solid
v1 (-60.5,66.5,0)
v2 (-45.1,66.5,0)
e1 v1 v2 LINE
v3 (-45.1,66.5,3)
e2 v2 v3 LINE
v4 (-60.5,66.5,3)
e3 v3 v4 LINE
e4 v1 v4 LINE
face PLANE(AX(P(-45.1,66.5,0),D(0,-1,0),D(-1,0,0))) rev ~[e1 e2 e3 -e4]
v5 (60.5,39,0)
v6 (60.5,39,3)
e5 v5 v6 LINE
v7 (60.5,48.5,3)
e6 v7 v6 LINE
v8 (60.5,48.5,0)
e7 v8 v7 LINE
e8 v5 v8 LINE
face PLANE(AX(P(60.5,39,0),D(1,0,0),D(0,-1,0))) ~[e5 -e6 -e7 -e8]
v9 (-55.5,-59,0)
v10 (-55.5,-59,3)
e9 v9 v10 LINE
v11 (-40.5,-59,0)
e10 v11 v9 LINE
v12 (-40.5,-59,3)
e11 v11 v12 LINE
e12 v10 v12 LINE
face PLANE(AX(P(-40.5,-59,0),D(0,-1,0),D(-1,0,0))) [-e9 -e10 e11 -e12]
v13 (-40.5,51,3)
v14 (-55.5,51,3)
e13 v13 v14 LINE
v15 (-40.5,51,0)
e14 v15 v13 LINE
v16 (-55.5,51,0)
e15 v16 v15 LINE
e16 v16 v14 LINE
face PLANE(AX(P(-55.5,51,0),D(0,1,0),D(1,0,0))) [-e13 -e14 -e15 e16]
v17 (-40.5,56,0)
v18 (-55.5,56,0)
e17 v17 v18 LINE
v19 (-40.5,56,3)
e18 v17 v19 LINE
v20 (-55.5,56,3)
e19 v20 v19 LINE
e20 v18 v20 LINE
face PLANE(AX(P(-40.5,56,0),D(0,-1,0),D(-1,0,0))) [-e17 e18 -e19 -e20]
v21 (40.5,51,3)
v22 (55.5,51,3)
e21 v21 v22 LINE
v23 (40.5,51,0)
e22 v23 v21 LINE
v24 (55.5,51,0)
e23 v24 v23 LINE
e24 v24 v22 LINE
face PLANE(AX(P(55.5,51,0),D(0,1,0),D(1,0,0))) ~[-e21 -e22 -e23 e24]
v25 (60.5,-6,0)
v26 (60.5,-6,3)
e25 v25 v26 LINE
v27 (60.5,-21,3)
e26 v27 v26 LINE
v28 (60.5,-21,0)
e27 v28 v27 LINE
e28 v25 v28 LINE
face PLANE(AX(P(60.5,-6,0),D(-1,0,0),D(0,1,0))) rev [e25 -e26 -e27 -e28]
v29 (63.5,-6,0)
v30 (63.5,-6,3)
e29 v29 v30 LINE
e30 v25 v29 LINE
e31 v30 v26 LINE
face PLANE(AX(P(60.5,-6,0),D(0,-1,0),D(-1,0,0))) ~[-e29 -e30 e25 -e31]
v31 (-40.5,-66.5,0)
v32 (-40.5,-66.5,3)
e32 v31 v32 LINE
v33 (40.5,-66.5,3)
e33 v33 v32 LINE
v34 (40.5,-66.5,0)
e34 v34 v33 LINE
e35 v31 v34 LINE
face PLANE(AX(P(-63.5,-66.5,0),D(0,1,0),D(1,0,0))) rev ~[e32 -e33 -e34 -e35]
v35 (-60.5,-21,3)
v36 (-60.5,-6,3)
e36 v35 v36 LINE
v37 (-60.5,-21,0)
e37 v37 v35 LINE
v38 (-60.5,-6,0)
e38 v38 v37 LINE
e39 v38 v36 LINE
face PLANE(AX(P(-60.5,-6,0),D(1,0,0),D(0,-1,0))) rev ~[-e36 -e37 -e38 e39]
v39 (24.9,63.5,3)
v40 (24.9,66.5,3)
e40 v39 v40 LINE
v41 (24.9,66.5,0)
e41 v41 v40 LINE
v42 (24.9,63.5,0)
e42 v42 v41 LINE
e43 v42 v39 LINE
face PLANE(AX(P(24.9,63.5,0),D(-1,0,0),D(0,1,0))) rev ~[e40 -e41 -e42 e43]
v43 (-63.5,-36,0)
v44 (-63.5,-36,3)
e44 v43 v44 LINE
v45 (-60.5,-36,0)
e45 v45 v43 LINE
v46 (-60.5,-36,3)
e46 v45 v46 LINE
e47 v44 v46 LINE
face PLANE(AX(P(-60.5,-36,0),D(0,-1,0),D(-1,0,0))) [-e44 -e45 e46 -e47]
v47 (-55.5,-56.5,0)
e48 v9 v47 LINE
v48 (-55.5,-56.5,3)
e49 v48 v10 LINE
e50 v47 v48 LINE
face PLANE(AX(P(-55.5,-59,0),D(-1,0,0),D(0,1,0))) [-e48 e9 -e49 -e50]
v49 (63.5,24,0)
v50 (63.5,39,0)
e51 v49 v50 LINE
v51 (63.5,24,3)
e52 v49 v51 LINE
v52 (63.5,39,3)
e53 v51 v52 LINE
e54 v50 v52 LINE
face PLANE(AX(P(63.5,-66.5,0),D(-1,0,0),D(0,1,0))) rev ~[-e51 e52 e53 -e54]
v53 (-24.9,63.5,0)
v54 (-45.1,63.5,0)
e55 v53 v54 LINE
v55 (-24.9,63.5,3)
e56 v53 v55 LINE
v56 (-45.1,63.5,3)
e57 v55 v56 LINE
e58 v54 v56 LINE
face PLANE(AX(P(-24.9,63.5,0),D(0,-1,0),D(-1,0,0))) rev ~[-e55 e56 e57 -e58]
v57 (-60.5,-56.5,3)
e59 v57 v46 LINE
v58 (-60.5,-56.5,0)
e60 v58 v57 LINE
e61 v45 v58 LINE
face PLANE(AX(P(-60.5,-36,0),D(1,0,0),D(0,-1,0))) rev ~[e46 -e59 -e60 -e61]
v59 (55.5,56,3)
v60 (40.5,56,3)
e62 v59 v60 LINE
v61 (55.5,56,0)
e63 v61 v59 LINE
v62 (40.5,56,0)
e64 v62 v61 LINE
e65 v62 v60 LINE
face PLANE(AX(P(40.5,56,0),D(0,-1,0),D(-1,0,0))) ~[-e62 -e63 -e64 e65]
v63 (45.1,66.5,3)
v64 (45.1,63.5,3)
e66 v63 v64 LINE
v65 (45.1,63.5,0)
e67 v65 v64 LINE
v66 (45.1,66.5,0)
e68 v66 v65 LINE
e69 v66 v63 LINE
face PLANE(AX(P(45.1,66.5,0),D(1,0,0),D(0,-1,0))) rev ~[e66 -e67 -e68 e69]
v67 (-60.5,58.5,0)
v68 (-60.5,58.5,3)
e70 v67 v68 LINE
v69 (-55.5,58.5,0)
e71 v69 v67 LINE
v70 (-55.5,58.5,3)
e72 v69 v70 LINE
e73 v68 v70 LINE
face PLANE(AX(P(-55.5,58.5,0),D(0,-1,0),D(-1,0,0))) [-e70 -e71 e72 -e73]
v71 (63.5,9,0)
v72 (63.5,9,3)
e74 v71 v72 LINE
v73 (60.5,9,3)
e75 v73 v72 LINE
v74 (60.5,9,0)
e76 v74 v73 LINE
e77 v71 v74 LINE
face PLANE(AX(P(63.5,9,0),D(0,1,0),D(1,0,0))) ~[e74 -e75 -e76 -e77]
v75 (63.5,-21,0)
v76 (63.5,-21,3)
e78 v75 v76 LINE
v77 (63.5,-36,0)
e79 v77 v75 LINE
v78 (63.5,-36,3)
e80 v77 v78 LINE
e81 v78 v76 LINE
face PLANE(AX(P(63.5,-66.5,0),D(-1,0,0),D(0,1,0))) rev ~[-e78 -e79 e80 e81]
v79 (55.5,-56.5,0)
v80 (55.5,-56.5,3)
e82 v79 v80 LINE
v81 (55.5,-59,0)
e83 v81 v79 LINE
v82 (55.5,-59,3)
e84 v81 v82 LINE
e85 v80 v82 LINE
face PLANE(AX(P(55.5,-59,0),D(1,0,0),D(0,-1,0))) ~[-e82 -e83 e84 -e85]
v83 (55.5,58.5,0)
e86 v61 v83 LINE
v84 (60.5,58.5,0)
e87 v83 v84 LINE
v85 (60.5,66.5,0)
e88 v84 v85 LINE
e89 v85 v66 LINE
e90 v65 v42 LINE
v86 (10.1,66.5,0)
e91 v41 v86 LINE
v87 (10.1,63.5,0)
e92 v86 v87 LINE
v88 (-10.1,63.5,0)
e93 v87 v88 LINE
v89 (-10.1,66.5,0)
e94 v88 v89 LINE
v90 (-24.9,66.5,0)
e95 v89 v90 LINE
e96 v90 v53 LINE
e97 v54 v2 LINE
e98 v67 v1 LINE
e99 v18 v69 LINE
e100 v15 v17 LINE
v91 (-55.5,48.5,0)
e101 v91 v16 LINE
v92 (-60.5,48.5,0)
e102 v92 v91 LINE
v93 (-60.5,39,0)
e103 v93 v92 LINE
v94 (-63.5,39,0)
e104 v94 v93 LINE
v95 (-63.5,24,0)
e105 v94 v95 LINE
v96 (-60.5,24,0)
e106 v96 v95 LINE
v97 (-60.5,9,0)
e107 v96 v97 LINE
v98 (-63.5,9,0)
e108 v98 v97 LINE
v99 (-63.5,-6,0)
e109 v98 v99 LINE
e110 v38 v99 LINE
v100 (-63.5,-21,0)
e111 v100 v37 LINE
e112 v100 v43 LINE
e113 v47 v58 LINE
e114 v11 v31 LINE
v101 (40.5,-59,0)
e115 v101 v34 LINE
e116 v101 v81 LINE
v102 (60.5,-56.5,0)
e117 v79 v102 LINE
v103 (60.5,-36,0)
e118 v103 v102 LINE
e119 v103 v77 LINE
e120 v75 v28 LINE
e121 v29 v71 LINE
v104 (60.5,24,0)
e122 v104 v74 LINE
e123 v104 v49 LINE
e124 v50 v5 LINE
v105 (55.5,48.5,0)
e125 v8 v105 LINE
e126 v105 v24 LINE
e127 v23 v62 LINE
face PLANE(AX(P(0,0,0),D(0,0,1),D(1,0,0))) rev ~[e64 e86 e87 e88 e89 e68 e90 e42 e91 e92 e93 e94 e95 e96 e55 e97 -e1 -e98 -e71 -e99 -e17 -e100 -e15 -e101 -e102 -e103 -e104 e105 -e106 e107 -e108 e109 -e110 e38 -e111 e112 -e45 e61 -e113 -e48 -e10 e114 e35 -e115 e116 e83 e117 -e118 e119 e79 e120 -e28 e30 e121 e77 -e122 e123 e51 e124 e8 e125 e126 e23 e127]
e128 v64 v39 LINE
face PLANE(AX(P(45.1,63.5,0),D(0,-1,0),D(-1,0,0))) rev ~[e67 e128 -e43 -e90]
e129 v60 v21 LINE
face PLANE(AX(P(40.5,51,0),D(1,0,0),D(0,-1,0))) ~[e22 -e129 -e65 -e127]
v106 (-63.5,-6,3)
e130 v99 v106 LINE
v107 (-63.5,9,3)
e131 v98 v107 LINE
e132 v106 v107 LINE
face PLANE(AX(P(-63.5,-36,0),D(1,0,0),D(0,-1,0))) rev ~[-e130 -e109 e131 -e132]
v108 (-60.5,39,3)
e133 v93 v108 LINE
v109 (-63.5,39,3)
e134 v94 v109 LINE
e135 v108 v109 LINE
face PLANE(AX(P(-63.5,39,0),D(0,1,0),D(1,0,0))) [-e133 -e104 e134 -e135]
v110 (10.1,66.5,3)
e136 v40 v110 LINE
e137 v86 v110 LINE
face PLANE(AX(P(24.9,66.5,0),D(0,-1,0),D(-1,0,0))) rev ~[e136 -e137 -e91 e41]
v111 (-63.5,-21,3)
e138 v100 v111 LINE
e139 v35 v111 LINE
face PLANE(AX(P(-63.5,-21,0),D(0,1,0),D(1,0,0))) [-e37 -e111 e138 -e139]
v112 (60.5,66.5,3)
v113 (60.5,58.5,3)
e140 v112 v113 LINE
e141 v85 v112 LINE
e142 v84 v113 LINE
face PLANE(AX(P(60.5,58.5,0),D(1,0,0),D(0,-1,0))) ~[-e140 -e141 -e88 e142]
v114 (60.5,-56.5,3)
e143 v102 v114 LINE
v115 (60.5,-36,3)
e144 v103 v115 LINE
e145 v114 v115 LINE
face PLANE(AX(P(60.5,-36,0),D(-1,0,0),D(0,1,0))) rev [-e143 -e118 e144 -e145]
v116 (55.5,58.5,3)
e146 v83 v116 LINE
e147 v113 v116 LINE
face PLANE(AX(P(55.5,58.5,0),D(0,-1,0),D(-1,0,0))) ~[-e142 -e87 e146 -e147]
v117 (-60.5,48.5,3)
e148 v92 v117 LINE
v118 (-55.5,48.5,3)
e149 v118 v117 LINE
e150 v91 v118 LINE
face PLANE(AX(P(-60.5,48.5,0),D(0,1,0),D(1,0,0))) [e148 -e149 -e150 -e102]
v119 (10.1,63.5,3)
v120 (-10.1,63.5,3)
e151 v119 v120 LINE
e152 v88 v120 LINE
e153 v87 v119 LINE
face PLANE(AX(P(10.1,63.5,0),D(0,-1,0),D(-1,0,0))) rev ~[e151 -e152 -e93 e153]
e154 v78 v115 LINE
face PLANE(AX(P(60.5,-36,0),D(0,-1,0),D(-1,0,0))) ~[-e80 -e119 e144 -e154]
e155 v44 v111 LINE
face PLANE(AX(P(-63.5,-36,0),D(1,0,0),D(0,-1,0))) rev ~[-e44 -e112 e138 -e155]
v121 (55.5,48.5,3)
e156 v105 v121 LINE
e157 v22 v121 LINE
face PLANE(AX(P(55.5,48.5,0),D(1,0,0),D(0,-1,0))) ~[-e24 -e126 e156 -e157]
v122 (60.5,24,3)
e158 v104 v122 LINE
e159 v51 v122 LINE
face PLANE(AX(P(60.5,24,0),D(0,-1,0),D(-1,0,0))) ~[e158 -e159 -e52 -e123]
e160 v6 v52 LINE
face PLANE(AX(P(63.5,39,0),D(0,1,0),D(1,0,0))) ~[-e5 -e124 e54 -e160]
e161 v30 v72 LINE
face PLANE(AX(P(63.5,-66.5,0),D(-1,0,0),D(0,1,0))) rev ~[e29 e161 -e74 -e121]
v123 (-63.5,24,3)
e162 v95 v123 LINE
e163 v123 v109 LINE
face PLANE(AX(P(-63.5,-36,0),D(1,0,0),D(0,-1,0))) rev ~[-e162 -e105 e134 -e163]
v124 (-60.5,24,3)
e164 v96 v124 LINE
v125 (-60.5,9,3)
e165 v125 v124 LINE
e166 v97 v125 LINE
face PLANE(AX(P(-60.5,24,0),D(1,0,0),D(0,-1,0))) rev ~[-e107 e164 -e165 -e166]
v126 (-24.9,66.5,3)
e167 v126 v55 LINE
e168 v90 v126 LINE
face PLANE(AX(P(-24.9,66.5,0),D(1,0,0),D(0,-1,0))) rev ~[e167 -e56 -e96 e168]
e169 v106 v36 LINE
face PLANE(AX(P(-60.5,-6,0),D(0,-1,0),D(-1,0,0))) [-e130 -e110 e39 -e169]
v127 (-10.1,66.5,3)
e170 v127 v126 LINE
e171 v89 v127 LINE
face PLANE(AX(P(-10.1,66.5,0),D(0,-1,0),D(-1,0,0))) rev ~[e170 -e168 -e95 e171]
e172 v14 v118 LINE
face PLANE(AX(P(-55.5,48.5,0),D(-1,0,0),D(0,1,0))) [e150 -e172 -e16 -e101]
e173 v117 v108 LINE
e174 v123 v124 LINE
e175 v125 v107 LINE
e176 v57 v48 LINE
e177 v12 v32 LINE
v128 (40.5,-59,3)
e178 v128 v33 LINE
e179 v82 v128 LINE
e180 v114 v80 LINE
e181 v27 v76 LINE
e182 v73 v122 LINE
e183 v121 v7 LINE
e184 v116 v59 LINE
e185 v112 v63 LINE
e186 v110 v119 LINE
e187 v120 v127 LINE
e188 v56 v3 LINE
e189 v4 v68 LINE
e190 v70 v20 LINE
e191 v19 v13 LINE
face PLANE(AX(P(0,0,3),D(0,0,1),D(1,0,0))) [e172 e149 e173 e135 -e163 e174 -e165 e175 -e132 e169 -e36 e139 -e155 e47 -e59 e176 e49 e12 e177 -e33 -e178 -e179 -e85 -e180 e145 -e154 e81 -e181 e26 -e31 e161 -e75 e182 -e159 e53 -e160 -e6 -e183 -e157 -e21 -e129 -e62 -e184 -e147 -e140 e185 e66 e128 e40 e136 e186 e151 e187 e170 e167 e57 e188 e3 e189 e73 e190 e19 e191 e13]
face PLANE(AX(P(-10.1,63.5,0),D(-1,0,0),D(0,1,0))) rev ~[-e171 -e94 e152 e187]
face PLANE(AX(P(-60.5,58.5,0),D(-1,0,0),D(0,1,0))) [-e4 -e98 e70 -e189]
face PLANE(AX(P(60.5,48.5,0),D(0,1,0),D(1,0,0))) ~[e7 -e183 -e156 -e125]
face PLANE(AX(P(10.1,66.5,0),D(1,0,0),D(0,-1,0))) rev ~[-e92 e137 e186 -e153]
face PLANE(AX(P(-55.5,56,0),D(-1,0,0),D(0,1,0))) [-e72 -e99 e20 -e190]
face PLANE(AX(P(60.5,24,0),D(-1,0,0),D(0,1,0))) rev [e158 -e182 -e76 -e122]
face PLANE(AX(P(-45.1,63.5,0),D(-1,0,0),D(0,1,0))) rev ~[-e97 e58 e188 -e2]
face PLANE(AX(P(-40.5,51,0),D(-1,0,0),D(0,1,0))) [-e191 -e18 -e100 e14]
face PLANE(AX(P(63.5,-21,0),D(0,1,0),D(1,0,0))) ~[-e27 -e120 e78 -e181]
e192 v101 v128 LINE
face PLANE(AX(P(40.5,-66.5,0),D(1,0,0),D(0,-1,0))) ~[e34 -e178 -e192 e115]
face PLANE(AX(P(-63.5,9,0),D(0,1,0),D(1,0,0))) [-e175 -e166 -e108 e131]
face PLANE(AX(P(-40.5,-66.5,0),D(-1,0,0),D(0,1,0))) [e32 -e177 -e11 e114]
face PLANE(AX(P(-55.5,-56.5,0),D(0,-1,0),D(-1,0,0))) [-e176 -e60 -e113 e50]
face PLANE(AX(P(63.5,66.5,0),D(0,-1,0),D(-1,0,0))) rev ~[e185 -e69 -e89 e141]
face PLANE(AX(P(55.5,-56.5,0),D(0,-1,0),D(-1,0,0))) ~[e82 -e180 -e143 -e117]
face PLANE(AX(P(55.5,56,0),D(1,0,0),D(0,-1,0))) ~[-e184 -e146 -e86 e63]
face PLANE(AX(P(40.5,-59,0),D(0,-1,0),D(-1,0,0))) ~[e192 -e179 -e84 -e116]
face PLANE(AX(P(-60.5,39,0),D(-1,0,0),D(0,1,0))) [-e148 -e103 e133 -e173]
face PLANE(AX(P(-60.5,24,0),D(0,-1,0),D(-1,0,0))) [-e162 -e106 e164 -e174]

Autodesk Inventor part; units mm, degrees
ref_plane "YZ Plane" through (0, 0, 0) normal (1, 0, 0) x (0, 1, 0)
ref_plane "XZ Plane" through (0, 0, 0) normal (0, 1, 0) x (-1, 0, 0)
ref_plane "XY Plane" through (0, 0, 0) normal (0, 0, 1) x (1, 0, 0)
sketch "Sketch1" plane through (0, 0, 0) normal (0, 0, 1) x (1, 0, 0)
  line L0 (-63.5, -66.5) -> (63.5, -66.5)
  line L1 (63.5, -66.5) -> (63.5, 66.5)
  line L2 (63.5, 66.5) -> (-63.5, 66.5)
  line L3 (-63.5, 66.5) -> (-63.5, -66.5)
  line L4 (-63.5, -66.5) -> (63.5, 66.5) construction
  line L5 (63.5, -66.5) -> (-63.5, 66.5) construction
  line L6 (-45.1, 66.5) -> (-24.9, 66.5)
  line L7 (-24.9, 66.5) -> (-24.9, 63.5)
  line L8 (-24.9, 63.5) -> (-45.1, 63.5)
  line L9 (-45.1, 63.5) -> (-45.1, 66.5)
  line L10 (-45.1, 66.5) -> (-24.9, 63.5) construction
  line L11 (-24.9, 66.5) -> (-45.1, 63.5) construction
  line L12 (-10.1, 66.5) -> (10.1, 66.5)
  line L13 (10.1, 66.5) -> (10.1, 63.5)
  line L14 (10.1, 63.5) -> (-10.1, 63.5)
  line L15 (-10.1, 63.5) -> (-10.1, 66.5)
  line L16 (-10.1, 66.5) -> (10.1, 63.5) construction
  line L17 (10.1, 66.5) -> (-10.1, 63.5) construction
  line L18 (24.9, 66.5) -> (45.1, 66.5)
  line L19 (45.1, 66.5) -> (45.1, 63.5)
  line L20 (45.1, 63.5) -> (24.9, 63.5)
  line L21 (24.9, 63.5) -> (24.9, 66.5)
  line L22 (24.9, 66.5) -> (45.1, 63.5) construction
  line L23 (45.1, 66.5) -> (24.9, 63.5) construction
  line L24 (-63.5, 39) -> (-60.5, 39)
  line L25 (-60.5, 39) -> (-60.5, 24) construction
  line L26 (-60.5, 24) -> (-63.5, 24)
  line L27 (-63.5, 24) -> (-63.5, 39)
  line L28 (-63.5, 39) -> (-60.5, 24) construction
  line L29 (-60.5, 39) -> (-63.5, 24) construction
  line L30 (-63.5, 9) -> (-60.5, 9)
  line L31 (-60.5, 9) -> (-60.5, -6) construction
  line L32 (-60.5, -6) -> (-63.5, -6)
  line L33 (-63.5, -6) -> (-63.5, 9)
  line L34 (-63.5, 9) -> (-60.5, -6) construction
  line L35 (-60.5, 9) -> (-63.5, -6) construction
  line L36 (-63.5, -21) -> (-60.5, -21)
  line L37 (-60.5, -21) -> (-60.5, -36) construction
  line L38 (-60.5, -36) -> (-63.5, -36)
  line L39 (-63.5, -36) -> (-63.5, -21)
  line L40 (-63.5, -21) -> (-60.5, -36) construction
  line L41 (-60.5, -21) -> (-63.5, -36) construction
  line L42 (-60.5, 39) -> (-60.5, 66.5)
  line L43 (-60.5, 24) -> (-60.5, 9)
  line L44 (-60.5, -6) -> (-60.5, -21)
  line L45 (-60.5, 51) -> (-40.5, 51)
  line L46 (-40.5, 51) -> (-40.5, 56)
  line L47 (-40.5, 56) -> (-60.5, 56)
  line L48 (-60.5, 56) -> (-60.5, 51)
  line L49 (-60.5, 51) -> (-40.5, 56) construction
  line L50 (-40.5, 51) -> (-60.5, 56) construction
  line L51 (-60.5, -64) -> (-40.5, -64)
  line L52 (-40.5, -66.5) -> (-40.5, -59)
  line L53 (-40.5, -59) -> (-60.5, -59)
  line L54 (-60.5, -59) -> (-60.5, -64)
  line L55 (-60.5, -64) -> (-40.5, -59) construction
  line L56 (-40.5, -64) -> (-60.5, -59) construction
  line L57 (-60.5, 48.5) -> (-55.5, 48.5)
  line L58 (-55.5, 48.5) -> (-55.5, 58.5)
  line L59 (-55.5, 58.5) -> (-60.5, 58.5)
  line L60 (-60.5, 58.5) -> (-60.5, 48.5)
  line L61 (-60.5, 48.5) -> (-55.5, 58.5) construction
  line L62 (-55.5, 48.5) -> (-60.5, 58.5) construction
  line L63 (-60.5, -66.5) -> (-55.5, -66.5)
  line L64 (-55.5, -66.5) -> (-55.5, -56.5)
  line L65 (-55.5, -56.5) -> (-60.5, -56.5)
  line L66 (-60.5, -56.5) -> (-60.5, -66.5)
  line L67 (-60.5, -66.5) -> (-55.5, -56.5) construction
  line L68 (-55.5, -66.5) -> (-60.5, -56.5) construction
  line L69 (-60.5, -36) -> (-60.5, -66.5)
  point P0 (0, 0)
  point P1 (-35, 65)
  point P2 (0, 65)
  point P3 (35, 65)
  point P4 (0, 66.5)
  point P5 (-62, 31.5)
  point P6 (-62, 1.5)
  point P7 (-62, -28.5)
  point P8 (45.1, 66.5)
  point P9 (24.9, 66.5)
  point P10 (10.1, 66.5)
  point P11 (-63.5, -36)
  point P12 (-63.5, -6)
  point P13 (-63.5, 9)
  point P14 (-63.5, 39)
  point P15 (-50.5, 53.5)
  point P16 (-50.5, -61.5)
  point P17 (-60.5, 56)
  point P18 (-60.5, 51)
  point P19 (-58, 53.5)
  point P20 (-40.5, 53.5)
  point P21 (-58, -61.5)
  point P22 (-55.5, 56)
  point P23 (-55.5, 51)
  point P24 (-55.5, -59)
  point P25 (-55.5, -64)
  dimension "d0" = 127
  dimension "d1" = 133
  dimension "d2" = 3
  dimension "d3" = 20.2
  dimension "d5" = 3
  dimension "d6" = 20.2
  dimension "d9" = 3
  dimension "d10" = 20.2
  dimension "d13" = 35
  dimension "d14" = 35
  dimension "d15" = 15
  dimension "d16" = 3
  dimension "d17" = 15
  dimension "d18" = 3
  dimension "d19" = 15
  dimension "d20" = 3
  dimension "d21" = 30
  dimension "d22" = 30
  dimension "d23" = 35
  dimension "d31" = 5
  dimension "d32" = 20
  dimension "d33" = 5
  dimension "d34" = 20
  dimension "d35" = 5
  dimension "d36" = 13
  dimension "d37" = 5
  dimension "d38" = 10
  dimension "d39" = 5
  dimension "d40" = 10
extrude "Extrusion1" add sketch "Sketch1" along normal blind 3 contours L3 L38 L69 L66 L54 L0 | L66 L51 L64 L0 | L3 L36 L44 L32 L30 L43 L26 L24 L42 L57 L58 L45 L46 L47 L59 L2 L9 L8 L7 L15 L14 L13 L21 L20 L19 L1 L0 L52 L53 L64 L65 L69 L38 | L64 L51 L52 L0 | L54 L53 L64 L51 | L3 L32 L44 L36 | L64 L53 L52 L51 | L66 L65 L64 L53 | L3 L26 L43 L30 | L3 L2 L42 L24 | L42 L45 L58 L57 | L59 L58 L47 L42 | L42 L47 L58 L45 | L58 L47 L46 L45
extrude "Extrusion2" cut sketch "Sketch1" along normal through all contours L3 L38 L69 L66 L54 L0 | L66 L51 L64 L0 | L64 L51 L52 L0 | L54 L53 L64 L51 | L3 L32 L44 L36 | L64 L53 L52 L51 | L66 L65 L64 L53 | L3 L26 L43 L30 | L3 L2 L42 L24 | L42 L45 L58 L57 | L59 L58 L47 L42 | L42 L47 L58 L45 | L58 L47 L46 L45
mirror "Mirror1" about plane through (0, 0, 0) normal (1, 0, 0) of "Extrusion2"
equation "\"d5\" = d2"
equation "\"d6\" = d3"
equation "\"d9\" = d2"
equation "\"d10\" = d11"
equation "\"d14\" = d13"
equation "\"d16\" = d2"
equation "\"d17\" = d15"
equation "\"d18\" = d16"
equation "\"d19\" = d17"
equation "\"d20\" = d18"
equation "\"d22\" = d21"
equation "\"d33\" = d31"
equation "\"d34\" = d32"
equation "\"d11\" = 20.2"
properties part number "bed_acrylic_floor"
